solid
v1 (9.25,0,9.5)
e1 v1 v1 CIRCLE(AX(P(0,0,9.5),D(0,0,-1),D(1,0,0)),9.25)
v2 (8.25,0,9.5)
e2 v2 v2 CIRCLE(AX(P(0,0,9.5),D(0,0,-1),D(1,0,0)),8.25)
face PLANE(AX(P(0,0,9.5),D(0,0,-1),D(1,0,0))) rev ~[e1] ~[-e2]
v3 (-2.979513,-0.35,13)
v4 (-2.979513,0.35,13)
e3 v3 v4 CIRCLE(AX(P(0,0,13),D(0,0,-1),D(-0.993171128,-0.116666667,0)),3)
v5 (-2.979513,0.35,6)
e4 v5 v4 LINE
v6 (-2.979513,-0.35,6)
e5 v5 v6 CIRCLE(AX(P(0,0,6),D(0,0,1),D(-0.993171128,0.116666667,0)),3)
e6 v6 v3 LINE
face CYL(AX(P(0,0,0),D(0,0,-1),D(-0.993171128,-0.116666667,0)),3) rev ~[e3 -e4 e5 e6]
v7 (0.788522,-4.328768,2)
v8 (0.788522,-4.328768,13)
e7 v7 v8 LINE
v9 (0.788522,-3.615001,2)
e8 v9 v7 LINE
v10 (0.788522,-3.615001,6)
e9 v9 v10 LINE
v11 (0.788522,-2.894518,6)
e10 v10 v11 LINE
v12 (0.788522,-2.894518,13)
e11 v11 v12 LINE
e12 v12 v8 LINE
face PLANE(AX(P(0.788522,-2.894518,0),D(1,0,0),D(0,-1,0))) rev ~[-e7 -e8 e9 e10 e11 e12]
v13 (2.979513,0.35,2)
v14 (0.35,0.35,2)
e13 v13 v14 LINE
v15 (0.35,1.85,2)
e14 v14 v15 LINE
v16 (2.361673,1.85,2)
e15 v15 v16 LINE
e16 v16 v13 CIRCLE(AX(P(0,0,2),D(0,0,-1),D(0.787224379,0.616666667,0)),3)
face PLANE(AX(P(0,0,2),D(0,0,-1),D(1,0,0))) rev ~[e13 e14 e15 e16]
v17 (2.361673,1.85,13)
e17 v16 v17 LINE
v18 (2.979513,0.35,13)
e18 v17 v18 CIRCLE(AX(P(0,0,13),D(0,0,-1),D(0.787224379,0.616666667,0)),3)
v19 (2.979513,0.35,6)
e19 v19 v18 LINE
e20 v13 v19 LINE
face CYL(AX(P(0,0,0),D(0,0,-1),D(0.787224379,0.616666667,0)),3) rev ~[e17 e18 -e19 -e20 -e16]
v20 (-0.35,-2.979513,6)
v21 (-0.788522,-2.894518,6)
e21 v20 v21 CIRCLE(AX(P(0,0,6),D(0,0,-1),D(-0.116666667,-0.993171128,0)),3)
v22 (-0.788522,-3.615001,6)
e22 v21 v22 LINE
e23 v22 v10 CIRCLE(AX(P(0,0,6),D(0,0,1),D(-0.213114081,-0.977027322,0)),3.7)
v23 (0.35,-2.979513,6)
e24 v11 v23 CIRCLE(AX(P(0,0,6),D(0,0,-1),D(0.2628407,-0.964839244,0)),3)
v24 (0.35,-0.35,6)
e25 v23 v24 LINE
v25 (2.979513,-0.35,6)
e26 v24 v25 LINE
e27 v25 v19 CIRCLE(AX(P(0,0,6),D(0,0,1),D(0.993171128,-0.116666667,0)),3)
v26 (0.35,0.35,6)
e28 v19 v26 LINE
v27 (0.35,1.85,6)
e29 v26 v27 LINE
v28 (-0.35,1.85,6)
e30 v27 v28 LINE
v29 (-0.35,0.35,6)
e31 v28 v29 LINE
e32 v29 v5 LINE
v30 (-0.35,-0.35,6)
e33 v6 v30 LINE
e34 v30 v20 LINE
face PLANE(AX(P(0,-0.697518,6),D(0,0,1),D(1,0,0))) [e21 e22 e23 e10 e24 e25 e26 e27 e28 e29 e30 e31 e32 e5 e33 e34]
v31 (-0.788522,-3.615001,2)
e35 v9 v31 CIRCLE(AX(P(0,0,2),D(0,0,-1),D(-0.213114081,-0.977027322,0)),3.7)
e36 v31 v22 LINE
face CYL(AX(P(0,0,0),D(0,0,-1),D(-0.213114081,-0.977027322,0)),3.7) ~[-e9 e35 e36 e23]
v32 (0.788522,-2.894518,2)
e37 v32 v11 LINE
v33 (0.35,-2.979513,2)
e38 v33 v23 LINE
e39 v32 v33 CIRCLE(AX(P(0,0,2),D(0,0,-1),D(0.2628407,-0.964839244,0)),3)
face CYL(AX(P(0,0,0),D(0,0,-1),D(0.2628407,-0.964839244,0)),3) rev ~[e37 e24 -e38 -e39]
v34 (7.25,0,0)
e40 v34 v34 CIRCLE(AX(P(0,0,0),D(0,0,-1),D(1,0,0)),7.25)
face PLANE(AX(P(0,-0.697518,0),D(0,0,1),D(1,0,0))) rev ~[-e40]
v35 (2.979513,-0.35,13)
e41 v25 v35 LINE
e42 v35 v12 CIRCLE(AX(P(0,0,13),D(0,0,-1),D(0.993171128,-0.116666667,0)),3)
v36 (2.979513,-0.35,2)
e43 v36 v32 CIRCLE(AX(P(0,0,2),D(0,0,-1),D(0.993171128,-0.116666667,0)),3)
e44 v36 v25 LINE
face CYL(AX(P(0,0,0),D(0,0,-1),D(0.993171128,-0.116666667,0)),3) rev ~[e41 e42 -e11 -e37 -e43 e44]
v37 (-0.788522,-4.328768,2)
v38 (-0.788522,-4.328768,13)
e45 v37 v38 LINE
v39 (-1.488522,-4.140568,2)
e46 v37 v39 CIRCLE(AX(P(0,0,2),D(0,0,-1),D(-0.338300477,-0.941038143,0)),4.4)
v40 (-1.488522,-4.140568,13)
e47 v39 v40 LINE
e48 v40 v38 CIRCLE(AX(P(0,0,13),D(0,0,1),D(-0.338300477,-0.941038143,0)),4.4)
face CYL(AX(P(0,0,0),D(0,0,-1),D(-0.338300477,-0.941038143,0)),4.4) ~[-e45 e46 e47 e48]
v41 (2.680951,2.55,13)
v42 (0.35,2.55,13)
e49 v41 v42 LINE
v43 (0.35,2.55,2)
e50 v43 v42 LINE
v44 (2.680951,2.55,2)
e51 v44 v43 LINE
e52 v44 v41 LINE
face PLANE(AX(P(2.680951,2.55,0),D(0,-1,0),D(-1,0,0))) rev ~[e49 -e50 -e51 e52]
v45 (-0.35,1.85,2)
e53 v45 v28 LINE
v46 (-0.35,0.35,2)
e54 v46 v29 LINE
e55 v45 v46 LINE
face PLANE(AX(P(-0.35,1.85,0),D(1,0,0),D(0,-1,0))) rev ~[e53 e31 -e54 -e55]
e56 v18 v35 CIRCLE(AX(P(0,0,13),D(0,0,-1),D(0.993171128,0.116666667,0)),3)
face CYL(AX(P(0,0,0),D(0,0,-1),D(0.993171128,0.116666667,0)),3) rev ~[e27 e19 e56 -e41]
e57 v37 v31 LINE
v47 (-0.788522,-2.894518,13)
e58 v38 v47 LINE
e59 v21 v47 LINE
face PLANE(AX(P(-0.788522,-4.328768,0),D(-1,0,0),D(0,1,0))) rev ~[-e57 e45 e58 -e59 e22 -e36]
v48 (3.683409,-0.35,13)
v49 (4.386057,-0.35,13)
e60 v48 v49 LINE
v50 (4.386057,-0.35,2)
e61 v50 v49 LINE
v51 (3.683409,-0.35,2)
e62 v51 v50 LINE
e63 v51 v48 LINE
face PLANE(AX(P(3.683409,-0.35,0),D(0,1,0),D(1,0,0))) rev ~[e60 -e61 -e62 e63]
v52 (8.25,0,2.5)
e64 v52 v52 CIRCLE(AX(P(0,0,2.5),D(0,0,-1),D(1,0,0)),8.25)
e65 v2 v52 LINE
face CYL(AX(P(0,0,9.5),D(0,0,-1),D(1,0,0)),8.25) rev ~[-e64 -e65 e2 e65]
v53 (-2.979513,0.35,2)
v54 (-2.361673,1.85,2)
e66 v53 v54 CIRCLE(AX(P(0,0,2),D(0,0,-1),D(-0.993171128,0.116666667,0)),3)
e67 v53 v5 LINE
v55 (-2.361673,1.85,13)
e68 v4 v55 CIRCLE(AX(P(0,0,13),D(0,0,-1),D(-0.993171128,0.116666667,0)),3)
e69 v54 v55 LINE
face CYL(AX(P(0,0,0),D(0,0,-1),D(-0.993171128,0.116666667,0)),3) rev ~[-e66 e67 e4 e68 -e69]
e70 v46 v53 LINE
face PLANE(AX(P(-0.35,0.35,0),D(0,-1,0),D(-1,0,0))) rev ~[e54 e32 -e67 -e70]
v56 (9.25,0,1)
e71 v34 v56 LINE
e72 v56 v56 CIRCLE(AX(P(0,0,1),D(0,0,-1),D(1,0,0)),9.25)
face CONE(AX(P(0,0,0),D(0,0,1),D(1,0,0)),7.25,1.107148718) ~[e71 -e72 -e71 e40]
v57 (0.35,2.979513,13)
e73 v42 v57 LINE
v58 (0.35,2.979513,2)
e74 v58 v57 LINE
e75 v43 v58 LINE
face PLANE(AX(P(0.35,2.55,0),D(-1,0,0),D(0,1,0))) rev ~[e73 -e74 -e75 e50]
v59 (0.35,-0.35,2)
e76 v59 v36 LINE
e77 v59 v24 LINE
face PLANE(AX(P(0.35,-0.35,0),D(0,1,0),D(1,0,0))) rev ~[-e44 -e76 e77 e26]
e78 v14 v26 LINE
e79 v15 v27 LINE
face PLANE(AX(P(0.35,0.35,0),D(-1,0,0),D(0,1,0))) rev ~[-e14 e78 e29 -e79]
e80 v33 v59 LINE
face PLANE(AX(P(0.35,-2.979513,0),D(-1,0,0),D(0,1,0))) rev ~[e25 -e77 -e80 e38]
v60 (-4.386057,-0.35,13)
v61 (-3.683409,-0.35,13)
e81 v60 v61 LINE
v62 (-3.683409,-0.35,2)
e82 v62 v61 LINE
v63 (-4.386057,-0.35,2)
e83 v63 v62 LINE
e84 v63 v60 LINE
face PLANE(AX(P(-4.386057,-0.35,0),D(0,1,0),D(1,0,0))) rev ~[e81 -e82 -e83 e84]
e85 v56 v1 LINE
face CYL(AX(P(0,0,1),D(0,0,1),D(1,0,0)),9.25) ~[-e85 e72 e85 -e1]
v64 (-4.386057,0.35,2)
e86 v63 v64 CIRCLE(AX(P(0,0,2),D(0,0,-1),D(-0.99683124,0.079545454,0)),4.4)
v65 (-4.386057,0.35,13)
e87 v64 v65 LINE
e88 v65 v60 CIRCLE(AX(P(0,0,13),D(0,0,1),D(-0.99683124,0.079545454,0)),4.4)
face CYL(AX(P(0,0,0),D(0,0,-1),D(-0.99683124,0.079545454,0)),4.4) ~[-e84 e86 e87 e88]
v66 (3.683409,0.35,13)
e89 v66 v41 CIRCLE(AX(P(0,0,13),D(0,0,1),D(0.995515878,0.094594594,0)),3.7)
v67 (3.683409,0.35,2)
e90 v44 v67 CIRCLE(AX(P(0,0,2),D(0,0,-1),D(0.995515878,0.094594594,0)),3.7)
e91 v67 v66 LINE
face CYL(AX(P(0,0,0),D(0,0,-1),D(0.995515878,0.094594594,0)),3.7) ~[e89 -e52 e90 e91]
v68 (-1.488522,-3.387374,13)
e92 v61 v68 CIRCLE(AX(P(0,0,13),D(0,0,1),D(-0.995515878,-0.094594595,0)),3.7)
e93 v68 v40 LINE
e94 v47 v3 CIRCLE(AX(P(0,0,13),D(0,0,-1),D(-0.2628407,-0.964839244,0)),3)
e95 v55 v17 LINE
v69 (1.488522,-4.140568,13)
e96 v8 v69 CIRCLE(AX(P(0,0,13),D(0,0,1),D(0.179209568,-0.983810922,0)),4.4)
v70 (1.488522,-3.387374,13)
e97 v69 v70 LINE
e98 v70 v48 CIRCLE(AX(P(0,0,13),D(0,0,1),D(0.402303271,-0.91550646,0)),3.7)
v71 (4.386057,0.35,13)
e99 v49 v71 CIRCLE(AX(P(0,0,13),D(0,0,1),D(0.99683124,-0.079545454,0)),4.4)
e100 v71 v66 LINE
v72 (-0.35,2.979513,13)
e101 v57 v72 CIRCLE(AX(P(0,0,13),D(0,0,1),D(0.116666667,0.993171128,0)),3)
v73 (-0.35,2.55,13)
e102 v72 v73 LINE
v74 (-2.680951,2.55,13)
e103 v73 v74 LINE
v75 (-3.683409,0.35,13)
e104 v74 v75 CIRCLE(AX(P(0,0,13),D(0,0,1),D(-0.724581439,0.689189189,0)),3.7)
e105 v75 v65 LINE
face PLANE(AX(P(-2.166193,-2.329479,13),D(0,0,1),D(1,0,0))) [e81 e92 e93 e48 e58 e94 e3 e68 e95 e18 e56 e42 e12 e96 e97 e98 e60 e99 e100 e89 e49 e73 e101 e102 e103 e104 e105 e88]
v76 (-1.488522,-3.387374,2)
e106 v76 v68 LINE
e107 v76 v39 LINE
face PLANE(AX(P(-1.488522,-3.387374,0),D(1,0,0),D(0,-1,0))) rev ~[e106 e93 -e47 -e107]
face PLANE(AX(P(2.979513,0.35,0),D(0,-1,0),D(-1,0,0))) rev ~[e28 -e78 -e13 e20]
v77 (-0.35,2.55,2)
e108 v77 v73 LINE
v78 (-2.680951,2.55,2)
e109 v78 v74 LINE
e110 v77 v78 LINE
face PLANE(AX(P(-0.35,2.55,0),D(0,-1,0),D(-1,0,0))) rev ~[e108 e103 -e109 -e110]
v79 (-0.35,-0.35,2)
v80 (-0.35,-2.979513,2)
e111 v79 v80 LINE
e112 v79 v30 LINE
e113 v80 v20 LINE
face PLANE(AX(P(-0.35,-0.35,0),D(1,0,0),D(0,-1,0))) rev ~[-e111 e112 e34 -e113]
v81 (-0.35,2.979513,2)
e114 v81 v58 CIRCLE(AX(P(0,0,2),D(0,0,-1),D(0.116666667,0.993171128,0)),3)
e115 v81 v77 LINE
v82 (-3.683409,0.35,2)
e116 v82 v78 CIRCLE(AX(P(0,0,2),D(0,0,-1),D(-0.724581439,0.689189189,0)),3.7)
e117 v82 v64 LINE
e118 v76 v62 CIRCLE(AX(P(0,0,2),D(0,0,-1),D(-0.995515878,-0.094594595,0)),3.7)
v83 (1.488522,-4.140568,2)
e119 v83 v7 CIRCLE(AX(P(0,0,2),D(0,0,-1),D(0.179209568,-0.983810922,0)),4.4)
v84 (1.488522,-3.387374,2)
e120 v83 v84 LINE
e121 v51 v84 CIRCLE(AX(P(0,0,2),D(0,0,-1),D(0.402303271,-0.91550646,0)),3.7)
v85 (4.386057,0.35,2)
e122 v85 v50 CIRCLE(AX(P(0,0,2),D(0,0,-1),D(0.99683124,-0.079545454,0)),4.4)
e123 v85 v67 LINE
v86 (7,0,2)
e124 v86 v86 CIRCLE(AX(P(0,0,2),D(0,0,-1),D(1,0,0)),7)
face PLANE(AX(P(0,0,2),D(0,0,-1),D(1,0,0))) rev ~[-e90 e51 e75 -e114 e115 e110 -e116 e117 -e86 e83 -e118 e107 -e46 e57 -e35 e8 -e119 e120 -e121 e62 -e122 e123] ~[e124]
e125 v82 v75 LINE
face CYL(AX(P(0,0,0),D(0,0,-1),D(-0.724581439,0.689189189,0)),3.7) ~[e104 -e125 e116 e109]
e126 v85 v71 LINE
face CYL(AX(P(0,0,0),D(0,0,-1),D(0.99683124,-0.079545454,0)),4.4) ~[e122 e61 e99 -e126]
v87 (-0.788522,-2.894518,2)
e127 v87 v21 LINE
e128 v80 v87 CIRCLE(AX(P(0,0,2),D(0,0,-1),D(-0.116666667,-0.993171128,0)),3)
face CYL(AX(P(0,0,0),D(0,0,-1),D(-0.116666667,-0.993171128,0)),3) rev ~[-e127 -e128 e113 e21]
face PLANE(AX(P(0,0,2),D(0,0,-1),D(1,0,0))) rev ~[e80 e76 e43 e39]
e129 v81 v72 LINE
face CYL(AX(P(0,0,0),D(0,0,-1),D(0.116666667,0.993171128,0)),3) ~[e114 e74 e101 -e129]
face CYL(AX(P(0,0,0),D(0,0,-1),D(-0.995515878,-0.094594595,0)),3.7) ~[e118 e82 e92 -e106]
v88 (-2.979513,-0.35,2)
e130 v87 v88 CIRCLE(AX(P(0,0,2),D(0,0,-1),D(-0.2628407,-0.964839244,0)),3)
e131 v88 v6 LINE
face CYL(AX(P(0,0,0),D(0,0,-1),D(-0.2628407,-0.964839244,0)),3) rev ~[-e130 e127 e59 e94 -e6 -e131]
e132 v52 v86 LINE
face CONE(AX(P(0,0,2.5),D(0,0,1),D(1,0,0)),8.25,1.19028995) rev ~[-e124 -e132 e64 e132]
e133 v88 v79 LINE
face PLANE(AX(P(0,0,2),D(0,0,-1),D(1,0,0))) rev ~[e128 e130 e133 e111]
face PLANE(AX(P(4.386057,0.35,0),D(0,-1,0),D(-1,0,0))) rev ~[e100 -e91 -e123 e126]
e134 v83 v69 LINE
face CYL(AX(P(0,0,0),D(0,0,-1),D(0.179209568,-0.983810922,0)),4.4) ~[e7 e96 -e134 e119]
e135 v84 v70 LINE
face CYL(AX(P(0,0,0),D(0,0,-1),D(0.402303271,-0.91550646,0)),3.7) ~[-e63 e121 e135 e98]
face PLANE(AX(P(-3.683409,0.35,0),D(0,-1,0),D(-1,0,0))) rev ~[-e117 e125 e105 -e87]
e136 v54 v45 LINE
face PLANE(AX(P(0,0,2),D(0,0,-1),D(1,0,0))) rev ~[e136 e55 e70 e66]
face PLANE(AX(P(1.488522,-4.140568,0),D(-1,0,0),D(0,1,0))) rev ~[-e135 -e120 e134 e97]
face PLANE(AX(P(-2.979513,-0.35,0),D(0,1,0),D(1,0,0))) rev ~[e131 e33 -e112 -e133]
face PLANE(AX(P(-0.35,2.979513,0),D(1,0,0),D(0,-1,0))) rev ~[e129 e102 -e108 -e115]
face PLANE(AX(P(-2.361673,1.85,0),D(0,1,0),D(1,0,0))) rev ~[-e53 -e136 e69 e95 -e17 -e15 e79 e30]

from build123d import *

# Parameters (mm, degrees)
F2_W     = 0.7
F2_H     = 0.7
F3_DEPTH = 13
F4_DEPTH = 6


with BuildPart() as f1:
    # F0 (on Front) → F1 (revolve)
    with BuildSketch(Plane.XZ):
        Polygon((0, 2), (0, 0), (7.25, 0), (9.25, 1), (9.25, 9.5), (8.25, 9.5), (8.25, 2.5), (7, 2), align=None)
    revolve(axis=Axis((0, 0, -0.2857148442), (0, 0, -1)))

    # F2 (on Top) → F3 (join)
    with BuildSketch(Plane.XY):
        with BuildLine():
            Line((-2.9795133831, -0.35), (-3.6834087473, -0.35))
            ThreePointArc((-3.6834087473, -0.35), (-2.9989376836, -2.1671116191), (-1.4885221007, -3.3873739026))
            Line((-1.4885221007, -3.3873739026), (-1.4885221007, -4.1405678301))
            ThreePointArc((-1.4885221007, -4.1405678301), (-1.1424042215, -4.2491072703), (-0.7885221007, -4.3287680576))
            Line((-0.7885221007, -4.3287680576), (-0.7885221007, -3.6150010922))
            Line((-0.7885221007, -3.6150010922), (-0.7885221007, -2.8945177313))
            ThreePointArc((-0.7885221007, -2.8945177313), (-2.2733599524, -1.9575072227), (-2.9795133831, -0.35))
        make_face()
        with BuildLine():
            Line((-0.35, 1.85), (-0.35, 2.55))
            Line((-0.35, 2.55), (-2.6809513237, 2.55))
            ThreePointArc((-2.6809513237, 2.55), (-3.366937745, 1.5341871534), (-3.6834087473, 0.35))
            Line((-3.6834087473, 0.35), (-2.9795133831, 0.35))
            ThreePointArc((-2.9795133831, 0.35), (-2.7739084983, 1.1425548752), (-2.3616731357, 1.85))
            Line((-2.3616731357, 1.85), (-0.35, 1.85))
        make_face()
        with BuildLine():
            Line((2.6809513237, 2.55), (0.35, 2.55))
            Line((0.35, 2.55), (0.35, 1.85))
            Line((0.35, 1.85), (2.3616731357, 1.85))
            ThreePointArc((2.3616731357, 1.85), (2.7739084983, 1.1425548752), (2.9795133831, 0.35))
            Line((2.9795133831, 0.35), (3.6834087473, 0.35))
            ThreePointArc((3.6834087473, 0.35), (3.366937745, 1.5341871534), (2.6809513237, 2.55))
        make_face()
        with BuildLine():
            ThreePointArc((3.6834087473, -0.35), (3.7, 0), (3.6834087473, 0.35))
            Line((3.6834087473, 0.35), (2.9795133831, 0.35))
            ThreePointArc((2.9795133831, 0.35), (3, 0), (2.9795133831, -0.35))
            Line((2.9795133831, -0.35), (3.6834087473, -0.35))
        make_face()
        with Locations((0, 2.2)):
            Rectangle(F2_W, F2_H)
        with BuildLine():
            Line((-2.9795133831, 0.35), (-3.6834087473, 0.35))
            ThreePointArc((-3.6834087473, 0.35), (-3.7, 0), (-3.6834087473, -0.35))
            Line((-3.6834087473, -0.35), (-2.9795133831, -0.35))
            ThreePointArc((-2.9795133831, -0.35), (-3, 0), (-2.9795133831, 0.35))
        make_face()
        with BuildLine():
            ThreePointArc((1.4885221007, -3.3873739026), (2.9989376836, -2.1671116191), (3.6834087473, -0.35))
            Line((3.6834087473, -0.35), (2.9795133831, -0.35))
            ThreePointArc((2.9795133831, -0.35), (2.2733599524, -1.9575072227), (0.7885221007, -2.8945177313))
            Line((0.7885221007, -2.8945177313), (0.7885221007, -3.6150010922))
            Line((0.7885221007, -3.6150010922), (0.7885221007, -4.3287680576))
            ThreePointArc((0.7885221007, -4.3287680576), (1.1424042215, -4.2491072703), (1.4885221007, -4.1405678301))
            Line((1.4885221007, -4.1405678301), (1.4885221007, -3.3873739026))
        make_face()
        with BuildLine():
            ThreePointArc((-3.6834087473, -0.35), (-3.7, 0), (-3.6834087473, 0.35))
            Line((-3.6834087473, 0.35), (-4.3860574552, 0.35))
            ThreePointArc((-4.3860574552, 0.35), (-4.4, 0), (-4.3860574552, -0.35))
            Line((-4.3860574552, -0.35), (-3.6834087473, -0.35))
        make_face()
        with BuildLine():
            Line((0.35, 2.55), (0.35, 2.9795133831))
            ThreePointArc((0.35, 2.9795133831), (0, 3), (-0.35, 2.9795133831))
            Line((-0.35, 2.9795133831), (-0.35, 2.55))
            Line((-0.35, 2.55), (0.35, 2.55))
        make_face()
        with BuildLine():
            Line((4.3860574552, 0.35), (3.6834087473, 0.35))
            ThreePointArc((3.6834087473, 0.35), (3.7, 0), (3.6834087473, -0.35))
            Line((3.6834087473, -0.35), (4.3860574552, -0.35))
            ThreePointArc((4.3860574552, -0.35), (4.4, 0), (4.3860574552, 0.35))
        make_face()
    extrude(amount=F3_DEPTH)

    # F2 (on Top) → F4 (join)
    with BuildSketch(Plane.XY):
        with BuildLine():
            Line((0.35, 0.35), (0.35, 1.85))
            Line((0.35, 1.85), (-0.35, 1.85))
            Line((-0.35, 1.85), (-0.35, 0.35))
            Line((-0.35, 0.35), (-2.9795133831, 0.35))
            ThreePointArc((-2.9795133831, 0.35), (-3, 0), (-2.9795133831, -0.35))
            Line((-2.9795133831, -0.35), (-0.35, -0.35))
            Line((-0.35, -0.35), (-0.35, -2.9795133831))
            ThreePointArc((-0.35, -2.9795133831), (-0.5708451705, -2.9451885833), (-0.7885221007, -2.8945177313))
            Line((-0.7885221007, -2.8945177313), (-0.7885221007, -3.6150010922))
            ThreePointArc((-0.7885221007, -3.6150010922), (0, -3.7), (0.7885221007, -3.6150010922))
            Line((0.7885221007, -3.6150010922), (0.7885221007, -2.8945177313))
            ThreePointArc((0.7885221007, -2.8945177313), (0.5708451705, -2.9451885833), (0.35, -2.9795133831))
            Line((0.35, -2.9795133831), (0.35, -0.35))
            Line((0.35, -0.35), (2.9795133831, -0.35))
            ThreePointArc((2.9795133831, -0.35), (3, 0), (2.9795133831, 0.35))
            Line((2.9795133831, 0.35), (0.35, 0.35))
        make_face()
    extrude(amount=F4_DEPTH)


solid = f1.part
